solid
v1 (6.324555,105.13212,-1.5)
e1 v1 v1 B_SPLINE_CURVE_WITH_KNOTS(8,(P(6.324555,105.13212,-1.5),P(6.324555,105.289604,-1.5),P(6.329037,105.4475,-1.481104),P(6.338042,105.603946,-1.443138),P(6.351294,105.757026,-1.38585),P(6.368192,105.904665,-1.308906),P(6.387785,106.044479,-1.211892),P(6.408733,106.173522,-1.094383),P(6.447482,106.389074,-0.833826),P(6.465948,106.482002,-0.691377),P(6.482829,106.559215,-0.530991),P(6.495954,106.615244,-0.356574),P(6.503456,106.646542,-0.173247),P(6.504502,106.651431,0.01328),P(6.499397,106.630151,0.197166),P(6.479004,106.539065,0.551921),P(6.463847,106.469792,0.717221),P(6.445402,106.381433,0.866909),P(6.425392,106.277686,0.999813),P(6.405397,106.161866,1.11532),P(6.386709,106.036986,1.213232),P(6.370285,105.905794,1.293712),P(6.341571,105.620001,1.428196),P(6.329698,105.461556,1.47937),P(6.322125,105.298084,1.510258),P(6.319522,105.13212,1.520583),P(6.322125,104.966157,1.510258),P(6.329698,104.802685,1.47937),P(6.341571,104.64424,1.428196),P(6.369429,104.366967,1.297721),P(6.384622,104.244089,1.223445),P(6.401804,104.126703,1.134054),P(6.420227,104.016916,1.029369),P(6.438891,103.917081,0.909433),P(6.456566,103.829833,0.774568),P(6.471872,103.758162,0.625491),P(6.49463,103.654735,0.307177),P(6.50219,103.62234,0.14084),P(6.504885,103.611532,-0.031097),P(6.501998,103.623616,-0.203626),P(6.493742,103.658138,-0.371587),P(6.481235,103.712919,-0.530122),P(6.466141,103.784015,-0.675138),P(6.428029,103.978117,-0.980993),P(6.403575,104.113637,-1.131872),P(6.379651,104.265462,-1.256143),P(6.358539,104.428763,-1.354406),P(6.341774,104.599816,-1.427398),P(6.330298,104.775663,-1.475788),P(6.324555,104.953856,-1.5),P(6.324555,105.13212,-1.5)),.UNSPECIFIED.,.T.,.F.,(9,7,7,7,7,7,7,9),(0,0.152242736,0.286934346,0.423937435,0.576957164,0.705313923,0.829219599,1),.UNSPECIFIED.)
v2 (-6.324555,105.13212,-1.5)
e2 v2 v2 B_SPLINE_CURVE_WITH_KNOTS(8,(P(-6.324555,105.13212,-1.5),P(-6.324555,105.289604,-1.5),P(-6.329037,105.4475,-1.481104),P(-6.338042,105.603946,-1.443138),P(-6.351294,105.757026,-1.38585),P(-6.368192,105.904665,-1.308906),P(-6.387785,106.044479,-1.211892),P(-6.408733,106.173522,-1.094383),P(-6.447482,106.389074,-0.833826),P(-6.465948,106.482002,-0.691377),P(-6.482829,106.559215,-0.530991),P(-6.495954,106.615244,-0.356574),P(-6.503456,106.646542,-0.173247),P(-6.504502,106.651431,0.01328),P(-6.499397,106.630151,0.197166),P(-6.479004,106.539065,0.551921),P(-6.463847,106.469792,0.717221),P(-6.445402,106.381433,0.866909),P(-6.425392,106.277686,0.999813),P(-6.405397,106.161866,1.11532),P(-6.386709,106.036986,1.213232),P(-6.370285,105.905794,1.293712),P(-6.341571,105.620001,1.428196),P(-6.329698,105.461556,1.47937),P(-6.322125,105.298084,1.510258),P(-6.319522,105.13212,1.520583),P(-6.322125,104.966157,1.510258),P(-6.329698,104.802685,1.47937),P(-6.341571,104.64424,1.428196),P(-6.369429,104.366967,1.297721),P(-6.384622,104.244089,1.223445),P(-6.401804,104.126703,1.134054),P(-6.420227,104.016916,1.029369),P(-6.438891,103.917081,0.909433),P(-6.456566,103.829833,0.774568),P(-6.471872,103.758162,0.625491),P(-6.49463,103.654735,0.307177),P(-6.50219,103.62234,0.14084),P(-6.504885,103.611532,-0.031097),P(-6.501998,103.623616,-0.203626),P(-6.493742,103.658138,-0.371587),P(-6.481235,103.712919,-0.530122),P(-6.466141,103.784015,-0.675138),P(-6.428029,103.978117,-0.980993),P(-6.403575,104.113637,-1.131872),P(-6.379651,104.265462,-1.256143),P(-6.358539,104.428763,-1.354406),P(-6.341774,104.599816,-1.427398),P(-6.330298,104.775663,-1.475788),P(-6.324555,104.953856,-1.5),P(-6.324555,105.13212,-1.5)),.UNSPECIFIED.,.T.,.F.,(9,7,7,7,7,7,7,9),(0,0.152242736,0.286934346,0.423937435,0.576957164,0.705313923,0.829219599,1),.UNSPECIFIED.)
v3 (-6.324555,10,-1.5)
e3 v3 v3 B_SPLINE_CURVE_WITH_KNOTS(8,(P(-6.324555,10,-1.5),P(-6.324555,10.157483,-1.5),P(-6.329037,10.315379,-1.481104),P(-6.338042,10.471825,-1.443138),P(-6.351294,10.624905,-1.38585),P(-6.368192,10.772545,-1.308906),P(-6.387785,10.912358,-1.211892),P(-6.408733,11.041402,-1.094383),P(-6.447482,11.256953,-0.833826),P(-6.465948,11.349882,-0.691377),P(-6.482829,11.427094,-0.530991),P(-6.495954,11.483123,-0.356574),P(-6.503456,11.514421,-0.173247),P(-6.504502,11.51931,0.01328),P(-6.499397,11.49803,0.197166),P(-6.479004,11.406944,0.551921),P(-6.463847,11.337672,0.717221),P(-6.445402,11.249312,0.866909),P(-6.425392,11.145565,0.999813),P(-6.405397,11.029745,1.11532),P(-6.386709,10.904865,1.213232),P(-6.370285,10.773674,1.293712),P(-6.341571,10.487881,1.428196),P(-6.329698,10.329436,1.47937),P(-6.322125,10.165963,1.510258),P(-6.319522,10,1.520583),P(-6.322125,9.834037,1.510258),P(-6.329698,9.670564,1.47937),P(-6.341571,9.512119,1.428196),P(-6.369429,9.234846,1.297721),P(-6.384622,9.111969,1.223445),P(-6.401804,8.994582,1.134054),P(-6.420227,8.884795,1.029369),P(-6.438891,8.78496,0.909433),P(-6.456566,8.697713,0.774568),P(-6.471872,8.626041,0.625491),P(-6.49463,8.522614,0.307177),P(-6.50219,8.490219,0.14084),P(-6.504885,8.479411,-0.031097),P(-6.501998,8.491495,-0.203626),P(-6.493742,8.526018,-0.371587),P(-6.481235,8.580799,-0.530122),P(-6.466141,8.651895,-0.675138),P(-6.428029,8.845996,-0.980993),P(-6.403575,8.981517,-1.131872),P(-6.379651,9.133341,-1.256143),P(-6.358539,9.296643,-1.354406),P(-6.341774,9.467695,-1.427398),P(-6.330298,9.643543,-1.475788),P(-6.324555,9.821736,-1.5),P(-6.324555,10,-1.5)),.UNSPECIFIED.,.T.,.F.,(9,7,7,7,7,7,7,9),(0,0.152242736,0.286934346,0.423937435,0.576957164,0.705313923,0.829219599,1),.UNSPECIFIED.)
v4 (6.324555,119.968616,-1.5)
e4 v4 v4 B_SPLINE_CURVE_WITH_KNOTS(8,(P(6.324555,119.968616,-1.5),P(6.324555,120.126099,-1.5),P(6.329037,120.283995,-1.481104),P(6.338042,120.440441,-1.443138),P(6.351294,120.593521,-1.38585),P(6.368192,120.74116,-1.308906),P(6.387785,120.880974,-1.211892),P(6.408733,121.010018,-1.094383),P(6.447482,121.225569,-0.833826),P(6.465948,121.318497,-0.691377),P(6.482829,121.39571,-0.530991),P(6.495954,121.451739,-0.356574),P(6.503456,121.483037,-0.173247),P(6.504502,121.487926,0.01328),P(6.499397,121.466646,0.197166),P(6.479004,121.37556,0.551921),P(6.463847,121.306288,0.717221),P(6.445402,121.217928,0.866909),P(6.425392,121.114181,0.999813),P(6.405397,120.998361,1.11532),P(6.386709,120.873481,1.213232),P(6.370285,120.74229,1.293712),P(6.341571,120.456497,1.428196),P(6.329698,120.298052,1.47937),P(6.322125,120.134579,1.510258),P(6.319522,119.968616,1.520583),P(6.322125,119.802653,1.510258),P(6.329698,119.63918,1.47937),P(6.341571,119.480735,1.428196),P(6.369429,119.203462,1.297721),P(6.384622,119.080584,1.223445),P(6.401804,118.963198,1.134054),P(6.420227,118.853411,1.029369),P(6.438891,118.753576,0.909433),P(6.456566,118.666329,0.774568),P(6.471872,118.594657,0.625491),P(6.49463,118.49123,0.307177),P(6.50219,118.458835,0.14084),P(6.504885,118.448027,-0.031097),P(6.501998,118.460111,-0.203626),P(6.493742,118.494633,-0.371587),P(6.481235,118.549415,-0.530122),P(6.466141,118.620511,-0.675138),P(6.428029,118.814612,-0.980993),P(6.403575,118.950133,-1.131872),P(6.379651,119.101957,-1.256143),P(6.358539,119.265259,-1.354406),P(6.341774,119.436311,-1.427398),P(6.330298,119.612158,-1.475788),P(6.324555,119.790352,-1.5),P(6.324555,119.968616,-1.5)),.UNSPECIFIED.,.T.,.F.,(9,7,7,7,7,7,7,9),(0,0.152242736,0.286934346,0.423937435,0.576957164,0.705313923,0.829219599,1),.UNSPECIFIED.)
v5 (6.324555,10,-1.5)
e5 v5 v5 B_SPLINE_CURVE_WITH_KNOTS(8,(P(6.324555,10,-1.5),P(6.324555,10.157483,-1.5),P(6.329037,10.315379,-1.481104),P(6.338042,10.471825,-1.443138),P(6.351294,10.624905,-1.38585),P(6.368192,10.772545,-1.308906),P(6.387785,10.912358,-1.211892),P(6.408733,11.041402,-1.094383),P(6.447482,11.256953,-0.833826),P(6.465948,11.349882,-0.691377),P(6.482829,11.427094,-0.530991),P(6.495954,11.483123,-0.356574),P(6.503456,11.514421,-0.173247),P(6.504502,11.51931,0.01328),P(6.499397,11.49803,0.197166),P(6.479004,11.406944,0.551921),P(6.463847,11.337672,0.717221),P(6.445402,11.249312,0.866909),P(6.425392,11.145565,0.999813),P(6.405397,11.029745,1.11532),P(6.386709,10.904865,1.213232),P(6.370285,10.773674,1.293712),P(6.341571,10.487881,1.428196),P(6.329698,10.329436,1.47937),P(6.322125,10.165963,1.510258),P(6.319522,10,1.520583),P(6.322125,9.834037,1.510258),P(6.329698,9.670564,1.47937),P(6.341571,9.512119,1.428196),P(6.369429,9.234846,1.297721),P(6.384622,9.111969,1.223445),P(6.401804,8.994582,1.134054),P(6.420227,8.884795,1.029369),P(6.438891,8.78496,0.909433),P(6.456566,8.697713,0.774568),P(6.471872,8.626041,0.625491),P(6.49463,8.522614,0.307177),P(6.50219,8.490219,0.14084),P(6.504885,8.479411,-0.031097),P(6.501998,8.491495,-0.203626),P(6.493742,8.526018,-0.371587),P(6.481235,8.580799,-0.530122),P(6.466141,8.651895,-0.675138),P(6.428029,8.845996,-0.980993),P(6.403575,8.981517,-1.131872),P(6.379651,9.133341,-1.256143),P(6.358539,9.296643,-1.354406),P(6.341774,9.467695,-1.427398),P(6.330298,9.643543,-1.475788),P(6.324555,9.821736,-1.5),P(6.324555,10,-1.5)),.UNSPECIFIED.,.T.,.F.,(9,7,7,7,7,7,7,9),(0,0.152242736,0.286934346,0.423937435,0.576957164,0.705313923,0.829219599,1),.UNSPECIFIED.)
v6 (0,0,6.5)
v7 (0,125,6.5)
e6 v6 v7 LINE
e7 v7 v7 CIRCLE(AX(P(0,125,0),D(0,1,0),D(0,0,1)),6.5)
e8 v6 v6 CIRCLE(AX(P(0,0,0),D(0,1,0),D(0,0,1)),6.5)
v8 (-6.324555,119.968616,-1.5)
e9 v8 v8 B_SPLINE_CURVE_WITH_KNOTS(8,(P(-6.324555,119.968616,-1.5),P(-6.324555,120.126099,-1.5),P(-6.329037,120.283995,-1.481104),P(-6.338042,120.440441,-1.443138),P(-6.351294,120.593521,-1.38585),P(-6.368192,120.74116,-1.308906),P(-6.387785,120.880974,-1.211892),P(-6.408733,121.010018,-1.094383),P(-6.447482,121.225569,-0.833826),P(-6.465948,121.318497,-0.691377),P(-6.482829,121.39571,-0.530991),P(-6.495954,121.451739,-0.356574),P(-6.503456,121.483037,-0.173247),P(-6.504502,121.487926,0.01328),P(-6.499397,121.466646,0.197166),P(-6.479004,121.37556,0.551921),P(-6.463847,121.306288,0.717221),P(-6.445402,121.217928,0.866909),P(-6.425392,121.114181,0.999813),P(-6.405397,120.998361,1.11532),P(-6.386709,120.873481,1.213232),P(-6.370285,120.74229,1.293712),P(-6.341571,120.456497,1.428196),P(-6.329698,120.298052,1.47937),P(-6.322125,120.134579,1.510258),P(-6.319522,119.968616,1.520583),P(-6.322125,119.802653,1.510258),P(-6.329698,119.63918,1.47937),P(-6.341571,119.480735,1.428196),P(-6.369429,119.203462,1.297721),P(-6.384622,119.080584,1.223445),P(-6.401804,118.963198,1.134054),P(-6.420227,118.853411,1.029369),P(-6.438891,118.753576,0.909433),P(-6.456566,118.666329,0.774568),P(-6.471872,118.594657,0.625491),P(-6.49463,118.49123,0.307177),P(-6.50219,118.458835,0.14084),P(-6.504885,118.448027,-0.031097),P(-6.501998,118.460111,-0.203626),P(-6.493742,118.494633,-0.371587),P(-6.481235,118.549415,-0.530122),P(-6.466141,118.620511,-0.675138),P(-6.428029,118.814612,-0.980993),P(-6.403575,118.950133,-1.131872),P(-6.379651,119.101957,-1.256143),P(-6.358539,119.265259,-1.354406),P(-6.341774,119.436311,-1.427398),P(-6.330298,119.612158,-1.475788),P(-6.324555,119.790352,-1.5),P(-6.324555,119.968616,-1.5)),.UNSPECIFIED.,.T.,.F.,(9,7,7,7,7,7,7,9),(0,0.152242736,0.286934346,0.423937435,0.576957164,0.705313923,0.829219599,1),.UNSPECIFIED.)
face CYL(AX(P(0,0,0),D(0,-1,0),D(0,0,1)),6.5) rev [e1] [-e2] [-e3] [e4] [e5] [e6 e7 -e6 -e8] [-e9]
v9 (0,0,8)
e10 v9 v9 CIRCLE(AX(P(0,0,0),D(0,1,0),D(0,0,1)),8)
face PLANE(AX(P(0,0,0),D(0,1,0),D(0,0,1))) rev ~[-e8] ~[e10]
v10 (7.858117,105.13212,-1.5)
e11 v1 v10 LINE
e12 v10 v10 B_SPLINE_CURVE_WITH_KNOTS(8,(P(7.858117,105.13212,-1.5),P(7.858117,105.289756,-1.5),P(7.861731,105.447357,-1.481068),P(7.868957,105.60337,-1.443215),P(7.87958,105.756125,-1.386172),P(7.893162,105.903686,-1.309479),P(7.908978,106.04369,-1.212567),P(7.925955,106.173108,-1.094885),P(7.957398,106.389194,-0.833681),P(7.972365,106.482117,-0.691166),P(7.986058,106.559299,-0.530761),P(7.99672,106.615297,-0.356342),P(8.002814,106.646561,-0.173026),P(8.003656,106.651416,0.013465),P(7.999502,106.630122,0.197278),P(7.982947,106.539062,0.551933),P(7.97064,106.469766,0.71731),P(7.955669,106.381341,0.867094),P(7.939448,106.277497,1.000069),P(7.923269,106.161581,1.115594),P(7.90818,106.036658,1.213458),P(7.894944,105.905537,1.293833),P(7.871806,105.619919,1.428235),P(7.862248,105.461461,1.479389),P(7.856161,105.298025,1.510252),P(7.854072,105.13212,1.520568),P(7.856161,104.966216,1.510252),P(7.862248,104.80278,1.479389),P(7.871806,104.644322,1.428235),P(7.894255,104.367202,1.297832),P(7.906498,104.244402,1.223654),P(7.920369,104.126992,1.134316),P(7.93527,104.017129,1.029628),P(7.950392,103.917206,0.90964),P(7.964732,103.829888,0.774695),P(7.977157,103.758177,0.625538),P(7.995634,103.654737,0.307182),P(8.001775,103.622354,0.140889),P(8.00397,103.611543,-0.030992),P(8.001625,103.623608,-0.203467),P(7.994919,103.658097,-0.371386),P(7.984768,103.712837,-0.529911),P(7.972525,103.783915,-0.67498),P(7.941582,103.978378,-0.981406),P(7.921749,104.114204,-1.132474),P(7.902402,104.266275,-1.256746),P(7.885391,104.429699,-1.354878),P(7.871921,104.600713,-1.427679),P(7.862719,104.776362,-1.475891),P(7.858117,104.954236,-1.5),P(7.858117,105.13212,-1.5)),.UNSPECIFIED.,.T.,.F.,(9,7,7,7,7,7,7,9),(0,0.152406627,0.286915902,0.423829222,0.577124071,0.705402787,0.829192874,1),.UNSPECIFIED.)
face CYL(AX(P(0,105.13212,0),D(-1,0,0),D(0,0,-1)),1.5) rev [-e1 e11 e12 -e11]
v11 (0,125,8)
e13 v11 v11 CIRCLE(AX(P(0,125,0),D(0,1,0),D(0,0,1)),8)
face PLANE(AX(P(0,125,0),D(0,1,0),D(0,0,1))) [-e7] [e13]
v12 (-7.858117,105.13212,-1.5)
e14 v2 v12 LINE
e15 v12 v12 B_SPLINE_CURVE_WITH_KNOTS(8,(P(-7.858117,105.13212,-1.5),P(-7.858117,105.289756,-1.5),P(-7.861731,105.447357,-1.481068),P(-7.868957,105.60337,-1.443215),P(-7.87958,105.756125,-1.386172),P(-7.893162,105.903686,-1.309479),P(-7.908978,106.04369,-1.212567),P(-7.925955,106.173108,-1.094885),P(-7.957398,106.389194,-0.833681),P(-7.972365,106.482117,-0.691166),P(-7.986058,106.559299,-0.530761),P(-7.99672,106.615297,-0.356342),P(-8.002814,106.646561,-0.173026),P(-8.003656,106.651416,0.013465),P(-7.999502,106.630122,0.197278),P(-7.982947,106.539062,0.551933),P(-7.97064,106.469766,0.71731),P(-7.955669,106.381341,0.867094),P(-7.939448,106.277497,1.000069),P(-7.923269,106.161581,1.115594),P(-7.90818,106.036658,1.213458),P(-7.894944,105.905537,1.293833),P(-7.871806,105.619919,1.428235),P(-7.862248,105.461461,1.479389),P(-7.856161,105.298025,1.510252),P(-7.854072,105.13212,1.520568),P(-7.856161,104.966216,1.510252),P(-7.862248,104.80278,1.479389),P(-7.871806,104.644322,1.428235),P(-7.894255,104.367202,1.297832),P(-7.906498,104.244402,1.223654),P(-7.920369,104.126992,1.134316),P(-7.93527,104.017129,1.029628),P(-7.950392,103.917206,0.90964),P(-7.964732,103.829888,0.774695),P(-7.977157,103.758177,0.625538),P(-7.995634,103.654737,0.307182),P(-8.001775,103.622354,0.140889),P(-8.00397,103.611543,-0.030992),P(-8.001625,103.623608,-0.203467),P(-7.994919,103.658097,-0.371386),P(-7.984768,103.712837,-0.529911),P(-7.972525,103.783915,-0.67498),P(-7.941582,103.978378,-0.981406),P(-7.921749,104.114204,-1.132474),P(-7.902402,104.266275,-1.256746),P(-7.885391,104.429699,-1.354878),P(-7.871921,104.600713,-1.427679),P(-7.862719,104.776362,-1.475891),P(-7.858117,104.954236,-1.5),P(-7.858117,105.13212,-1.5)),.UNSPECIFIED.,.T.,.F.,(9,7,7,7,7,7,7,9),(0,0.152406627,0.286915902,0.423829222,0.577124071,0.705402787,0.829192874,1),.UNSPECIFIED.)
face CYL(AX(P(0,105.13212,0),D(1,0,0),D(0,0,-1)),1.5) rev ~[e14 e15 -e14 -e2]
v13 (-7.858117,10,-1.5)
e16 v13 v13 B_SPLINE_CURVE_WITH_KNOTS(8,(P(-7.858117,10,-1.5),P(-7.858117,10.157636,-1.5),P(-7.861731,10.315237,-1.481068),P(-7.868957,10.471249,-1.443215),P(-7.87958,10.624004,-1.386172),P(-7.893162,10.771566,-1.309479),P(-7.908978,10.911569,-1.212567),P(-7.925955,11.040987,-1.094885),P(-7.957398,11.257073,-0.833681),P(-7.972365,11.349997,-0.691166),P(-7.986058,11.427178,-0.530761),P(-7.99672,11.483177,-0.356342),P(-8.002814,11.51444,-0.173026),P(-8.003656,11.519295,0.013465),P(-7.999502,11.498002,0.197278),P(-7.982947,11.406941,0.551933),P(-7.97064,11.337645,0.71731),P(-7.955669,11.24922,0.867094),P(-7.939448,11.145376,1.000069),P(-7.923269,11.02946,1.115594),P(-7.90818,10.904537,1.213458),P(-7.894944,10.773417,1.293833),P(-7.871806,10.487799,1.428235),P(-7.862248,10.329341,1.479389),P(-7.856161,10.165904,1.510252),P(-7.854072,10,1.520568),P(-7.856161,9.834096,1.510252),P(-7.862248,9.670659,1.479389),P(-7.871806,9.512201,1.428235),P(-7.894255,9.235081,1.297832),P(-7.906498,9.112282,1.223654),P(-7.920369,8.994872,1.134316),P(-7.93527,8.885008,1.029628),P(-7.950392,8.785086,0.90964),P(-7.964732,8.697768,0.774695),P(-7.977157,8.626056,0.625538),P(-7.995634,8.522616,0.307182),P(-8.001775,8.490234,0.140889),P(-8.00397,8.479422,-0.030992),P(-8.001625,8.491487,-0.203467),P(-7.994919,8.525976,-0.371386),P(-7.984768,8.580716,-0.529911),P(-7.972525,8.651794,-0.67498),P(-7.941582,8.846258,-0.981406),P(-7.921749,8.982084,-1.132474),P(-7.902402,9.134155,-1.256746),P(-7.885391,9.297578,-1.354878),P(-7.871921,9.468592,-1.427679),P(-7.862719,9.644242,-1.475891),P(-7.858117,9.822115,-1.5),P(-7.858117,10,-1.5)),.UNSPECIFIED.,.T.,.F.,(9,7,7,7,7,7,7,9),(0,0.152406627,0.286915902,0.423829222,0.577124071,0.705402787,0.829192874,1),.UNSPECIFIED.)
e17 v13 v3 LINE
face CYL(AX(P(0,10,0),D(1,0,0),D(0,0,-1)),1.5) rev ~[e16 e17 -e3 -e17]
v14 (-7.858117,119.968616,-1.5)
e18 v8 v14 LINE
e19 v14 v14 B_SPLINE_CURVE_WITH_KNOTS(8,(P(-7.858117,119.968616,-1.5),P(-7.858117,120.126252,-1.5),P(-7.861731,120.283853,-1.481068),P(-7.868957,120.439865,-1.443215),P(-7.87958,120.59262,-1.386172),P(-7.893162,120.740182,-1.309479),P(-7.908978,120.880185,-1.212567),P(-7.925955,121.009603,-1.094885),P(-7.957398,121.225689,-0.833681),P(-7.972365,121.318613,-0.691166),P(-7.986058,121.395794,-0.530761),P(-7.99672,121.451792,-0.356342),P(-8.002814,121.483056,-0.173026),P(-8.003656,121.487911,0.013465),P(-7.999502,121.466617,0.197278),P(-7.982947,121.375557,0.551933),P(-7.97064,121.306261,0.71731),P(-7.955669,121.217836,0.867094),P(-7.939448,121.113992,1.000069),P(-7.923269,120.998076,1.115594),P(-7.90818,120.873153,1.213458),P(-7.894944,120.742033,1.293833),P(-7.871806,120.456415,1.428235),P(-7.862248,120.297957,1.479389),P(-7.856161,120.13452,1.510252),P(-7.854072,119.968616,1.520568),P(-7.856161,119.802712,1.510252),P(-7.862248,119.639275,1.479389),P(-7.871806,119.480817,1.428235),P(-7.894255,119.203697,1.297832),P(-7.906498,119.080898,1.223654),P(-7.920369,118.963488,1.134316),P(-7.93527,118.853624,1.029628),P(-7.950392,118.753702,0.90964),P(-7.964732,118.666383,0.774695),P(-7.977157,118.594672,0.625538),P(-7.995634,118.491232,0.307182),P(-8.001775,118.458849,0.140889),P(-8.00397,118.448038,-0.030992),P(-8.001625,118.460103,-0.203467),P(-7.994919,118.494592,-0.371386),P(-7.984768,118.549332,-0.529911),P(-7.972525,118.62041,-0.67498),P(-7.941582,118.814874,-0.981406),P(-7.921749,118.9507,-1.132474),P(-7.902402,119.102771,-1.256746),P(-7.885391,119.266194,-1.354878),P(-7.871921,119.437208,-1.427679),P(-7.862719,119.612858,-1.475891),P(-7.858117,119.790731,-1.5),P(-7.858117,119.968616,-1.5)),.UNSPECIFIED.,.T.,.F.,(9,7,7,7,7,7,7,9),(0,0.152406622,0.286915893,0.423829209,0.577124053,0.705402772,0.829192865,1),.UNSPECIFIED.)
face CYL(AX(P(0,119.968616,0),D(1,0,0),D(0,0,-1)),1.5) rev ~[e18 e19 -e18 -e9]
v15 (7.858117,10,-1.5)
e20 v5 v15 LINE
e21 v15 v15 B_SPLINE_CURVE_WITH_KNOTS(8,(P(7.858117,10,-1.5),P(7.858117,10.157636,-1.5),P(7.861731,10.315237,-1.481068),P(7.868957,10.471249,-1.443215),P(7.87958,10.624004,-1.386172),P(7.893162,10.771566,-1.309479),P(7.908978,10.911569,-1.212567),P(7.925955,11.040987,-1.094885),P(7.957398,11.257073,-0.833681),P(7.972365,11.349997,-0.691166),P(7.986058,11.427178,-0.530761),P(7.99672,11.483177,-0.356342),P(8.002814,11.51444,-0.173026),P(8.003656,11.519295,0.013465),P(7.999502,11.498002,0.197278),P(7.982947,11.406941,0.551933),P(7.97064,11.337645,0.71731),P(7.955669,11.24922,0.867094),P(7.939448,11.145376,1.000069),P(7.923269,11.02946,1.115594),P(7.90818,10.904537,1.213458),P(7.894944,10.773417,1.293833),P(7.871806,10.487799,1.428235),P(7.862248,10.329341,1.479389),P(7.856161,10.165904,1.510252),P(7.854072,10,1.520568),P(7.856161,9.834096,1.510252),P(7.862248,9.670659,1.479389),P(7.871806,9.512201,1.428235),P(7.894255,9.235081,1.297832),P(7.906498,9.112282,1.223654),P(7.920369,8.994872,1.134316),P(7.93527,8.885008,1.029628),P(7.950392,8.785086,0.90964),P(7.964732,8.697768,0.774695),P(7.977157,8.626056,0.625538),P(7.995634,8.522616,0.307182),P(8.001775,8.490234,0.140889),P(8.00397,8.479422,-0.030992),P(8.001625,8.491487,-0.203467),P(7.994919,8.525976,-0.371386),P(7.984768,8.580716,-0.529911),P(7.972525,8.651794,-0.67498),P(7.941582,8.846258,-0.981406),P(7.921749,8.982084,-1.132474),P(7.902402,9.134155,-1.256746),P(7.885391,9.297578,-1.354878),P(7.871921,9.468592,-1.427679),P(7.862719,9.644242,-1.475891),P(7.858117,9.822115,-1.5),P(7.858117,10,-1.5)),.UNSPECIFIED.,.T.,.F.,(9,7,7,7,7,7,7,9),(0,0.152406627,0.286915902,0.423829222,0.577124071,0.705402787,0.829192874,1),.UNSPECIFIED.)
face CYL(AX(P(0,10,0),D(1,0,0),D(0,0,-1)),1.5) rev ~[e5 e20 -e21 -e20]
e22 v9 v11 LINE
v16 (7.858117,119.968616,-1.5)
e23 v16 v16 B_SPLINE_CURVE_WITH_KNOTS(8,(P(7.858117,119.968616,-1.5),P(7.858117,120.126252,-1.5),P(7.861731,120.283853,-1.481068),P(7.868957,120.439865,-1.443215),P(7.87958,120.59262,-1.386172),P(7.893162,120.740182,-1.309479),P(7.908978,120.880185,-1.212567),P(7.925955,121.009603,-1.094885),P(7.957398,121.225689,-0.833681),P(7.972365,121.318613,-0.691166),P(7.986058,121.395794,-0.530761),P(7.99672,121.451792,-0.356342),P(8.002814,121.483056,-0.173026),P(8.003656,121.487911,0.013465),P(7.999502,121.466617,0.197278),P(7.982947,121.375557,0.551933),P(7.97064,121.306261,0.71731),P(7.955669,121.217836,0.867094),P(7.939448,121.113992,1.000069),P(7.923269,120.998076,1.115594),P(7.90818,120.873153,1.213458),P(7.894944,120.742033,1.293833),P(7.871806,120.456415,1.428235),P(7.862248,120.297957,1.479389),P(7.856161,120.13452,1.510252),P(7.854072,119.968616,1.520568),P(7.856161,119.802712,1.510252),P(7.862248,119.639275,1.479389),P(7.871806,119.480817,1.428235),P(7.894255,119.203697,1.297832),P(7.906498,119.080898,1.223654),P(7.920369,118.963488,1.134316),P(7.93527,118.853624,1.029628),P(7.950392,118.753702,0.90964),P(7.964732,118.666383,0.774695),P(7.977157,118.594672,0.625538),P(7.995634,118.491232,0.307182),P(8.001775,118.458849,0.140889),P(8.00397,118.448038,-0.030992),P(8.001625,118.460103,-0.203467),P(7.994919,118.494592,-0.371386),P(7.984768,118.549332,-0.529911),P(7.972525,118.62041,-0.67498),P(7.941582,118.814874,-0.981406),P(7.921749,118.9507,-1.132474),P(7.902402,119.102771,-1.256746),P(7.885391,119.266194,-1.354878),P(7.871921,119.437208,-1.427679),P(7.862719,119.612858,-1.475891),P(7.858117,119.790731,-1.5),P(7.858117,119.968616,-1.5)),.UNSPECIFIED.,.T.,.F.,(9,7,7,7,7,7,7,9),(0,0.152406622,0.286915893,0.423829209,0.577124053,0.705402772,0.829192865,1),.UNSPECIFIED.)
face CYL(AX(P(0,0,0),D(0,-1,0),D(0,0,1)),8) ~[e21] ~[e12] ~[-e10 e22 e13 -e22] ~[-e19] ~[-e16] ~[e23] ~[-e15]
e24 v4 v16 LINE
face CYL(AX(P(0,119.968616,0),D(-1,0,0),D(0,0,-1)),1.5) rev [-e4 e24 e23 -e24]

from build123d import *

# Parameters (mm, degrees)
SKETCH_1_R          = 8
SKETCH_1_R_2        = 6.5
EXTRUDE_1_DEPTH     = 125
SKETCH_3_R          = 1.5
CUT_EXTRUDE_2_DEPTH = 62.5


with BuildPart() as part:
    # 草图1 → 凸台-拉伸1 (new body)
    with BuildSketch(Plane(origin=(0, 0, 0), x_dir=(1, 0, 0), z_dir=(0, 1, 0))):
        with Locations(Location((0, 0, 0), (0, 0, 270))):
            Circle(SKETCH_1_R)
        with Locations(Location((0, 0, 0), (0, 0, 270))):
            Circle(SKETCH_1_R_2, mode=Mode.SUBTRACT)
    extrude(amount=EXTRUDE_1_DEPTH)

    # 草图3 → 切除-拉伸2 (cut, symmetric)
    with BuildSketch(Plane(origin=(0, 0, 0), x_dir=(0, 0, -1), z_dir=(1, 0, 0))):
        with Locations((0, 119.968615881)):
            Circle(SKETCH_3_R)
        with Locations((0, 105.132120497)):
            Circle(SKETCH_3_R)
        with Locations((0, 10)):
            Circle(SKETCH_3_R)
    extrude(amount=CUT_EXTRUDE_2_DEPTH, both=True, mode=Mode.SUBTRACT)


solid = part.part
